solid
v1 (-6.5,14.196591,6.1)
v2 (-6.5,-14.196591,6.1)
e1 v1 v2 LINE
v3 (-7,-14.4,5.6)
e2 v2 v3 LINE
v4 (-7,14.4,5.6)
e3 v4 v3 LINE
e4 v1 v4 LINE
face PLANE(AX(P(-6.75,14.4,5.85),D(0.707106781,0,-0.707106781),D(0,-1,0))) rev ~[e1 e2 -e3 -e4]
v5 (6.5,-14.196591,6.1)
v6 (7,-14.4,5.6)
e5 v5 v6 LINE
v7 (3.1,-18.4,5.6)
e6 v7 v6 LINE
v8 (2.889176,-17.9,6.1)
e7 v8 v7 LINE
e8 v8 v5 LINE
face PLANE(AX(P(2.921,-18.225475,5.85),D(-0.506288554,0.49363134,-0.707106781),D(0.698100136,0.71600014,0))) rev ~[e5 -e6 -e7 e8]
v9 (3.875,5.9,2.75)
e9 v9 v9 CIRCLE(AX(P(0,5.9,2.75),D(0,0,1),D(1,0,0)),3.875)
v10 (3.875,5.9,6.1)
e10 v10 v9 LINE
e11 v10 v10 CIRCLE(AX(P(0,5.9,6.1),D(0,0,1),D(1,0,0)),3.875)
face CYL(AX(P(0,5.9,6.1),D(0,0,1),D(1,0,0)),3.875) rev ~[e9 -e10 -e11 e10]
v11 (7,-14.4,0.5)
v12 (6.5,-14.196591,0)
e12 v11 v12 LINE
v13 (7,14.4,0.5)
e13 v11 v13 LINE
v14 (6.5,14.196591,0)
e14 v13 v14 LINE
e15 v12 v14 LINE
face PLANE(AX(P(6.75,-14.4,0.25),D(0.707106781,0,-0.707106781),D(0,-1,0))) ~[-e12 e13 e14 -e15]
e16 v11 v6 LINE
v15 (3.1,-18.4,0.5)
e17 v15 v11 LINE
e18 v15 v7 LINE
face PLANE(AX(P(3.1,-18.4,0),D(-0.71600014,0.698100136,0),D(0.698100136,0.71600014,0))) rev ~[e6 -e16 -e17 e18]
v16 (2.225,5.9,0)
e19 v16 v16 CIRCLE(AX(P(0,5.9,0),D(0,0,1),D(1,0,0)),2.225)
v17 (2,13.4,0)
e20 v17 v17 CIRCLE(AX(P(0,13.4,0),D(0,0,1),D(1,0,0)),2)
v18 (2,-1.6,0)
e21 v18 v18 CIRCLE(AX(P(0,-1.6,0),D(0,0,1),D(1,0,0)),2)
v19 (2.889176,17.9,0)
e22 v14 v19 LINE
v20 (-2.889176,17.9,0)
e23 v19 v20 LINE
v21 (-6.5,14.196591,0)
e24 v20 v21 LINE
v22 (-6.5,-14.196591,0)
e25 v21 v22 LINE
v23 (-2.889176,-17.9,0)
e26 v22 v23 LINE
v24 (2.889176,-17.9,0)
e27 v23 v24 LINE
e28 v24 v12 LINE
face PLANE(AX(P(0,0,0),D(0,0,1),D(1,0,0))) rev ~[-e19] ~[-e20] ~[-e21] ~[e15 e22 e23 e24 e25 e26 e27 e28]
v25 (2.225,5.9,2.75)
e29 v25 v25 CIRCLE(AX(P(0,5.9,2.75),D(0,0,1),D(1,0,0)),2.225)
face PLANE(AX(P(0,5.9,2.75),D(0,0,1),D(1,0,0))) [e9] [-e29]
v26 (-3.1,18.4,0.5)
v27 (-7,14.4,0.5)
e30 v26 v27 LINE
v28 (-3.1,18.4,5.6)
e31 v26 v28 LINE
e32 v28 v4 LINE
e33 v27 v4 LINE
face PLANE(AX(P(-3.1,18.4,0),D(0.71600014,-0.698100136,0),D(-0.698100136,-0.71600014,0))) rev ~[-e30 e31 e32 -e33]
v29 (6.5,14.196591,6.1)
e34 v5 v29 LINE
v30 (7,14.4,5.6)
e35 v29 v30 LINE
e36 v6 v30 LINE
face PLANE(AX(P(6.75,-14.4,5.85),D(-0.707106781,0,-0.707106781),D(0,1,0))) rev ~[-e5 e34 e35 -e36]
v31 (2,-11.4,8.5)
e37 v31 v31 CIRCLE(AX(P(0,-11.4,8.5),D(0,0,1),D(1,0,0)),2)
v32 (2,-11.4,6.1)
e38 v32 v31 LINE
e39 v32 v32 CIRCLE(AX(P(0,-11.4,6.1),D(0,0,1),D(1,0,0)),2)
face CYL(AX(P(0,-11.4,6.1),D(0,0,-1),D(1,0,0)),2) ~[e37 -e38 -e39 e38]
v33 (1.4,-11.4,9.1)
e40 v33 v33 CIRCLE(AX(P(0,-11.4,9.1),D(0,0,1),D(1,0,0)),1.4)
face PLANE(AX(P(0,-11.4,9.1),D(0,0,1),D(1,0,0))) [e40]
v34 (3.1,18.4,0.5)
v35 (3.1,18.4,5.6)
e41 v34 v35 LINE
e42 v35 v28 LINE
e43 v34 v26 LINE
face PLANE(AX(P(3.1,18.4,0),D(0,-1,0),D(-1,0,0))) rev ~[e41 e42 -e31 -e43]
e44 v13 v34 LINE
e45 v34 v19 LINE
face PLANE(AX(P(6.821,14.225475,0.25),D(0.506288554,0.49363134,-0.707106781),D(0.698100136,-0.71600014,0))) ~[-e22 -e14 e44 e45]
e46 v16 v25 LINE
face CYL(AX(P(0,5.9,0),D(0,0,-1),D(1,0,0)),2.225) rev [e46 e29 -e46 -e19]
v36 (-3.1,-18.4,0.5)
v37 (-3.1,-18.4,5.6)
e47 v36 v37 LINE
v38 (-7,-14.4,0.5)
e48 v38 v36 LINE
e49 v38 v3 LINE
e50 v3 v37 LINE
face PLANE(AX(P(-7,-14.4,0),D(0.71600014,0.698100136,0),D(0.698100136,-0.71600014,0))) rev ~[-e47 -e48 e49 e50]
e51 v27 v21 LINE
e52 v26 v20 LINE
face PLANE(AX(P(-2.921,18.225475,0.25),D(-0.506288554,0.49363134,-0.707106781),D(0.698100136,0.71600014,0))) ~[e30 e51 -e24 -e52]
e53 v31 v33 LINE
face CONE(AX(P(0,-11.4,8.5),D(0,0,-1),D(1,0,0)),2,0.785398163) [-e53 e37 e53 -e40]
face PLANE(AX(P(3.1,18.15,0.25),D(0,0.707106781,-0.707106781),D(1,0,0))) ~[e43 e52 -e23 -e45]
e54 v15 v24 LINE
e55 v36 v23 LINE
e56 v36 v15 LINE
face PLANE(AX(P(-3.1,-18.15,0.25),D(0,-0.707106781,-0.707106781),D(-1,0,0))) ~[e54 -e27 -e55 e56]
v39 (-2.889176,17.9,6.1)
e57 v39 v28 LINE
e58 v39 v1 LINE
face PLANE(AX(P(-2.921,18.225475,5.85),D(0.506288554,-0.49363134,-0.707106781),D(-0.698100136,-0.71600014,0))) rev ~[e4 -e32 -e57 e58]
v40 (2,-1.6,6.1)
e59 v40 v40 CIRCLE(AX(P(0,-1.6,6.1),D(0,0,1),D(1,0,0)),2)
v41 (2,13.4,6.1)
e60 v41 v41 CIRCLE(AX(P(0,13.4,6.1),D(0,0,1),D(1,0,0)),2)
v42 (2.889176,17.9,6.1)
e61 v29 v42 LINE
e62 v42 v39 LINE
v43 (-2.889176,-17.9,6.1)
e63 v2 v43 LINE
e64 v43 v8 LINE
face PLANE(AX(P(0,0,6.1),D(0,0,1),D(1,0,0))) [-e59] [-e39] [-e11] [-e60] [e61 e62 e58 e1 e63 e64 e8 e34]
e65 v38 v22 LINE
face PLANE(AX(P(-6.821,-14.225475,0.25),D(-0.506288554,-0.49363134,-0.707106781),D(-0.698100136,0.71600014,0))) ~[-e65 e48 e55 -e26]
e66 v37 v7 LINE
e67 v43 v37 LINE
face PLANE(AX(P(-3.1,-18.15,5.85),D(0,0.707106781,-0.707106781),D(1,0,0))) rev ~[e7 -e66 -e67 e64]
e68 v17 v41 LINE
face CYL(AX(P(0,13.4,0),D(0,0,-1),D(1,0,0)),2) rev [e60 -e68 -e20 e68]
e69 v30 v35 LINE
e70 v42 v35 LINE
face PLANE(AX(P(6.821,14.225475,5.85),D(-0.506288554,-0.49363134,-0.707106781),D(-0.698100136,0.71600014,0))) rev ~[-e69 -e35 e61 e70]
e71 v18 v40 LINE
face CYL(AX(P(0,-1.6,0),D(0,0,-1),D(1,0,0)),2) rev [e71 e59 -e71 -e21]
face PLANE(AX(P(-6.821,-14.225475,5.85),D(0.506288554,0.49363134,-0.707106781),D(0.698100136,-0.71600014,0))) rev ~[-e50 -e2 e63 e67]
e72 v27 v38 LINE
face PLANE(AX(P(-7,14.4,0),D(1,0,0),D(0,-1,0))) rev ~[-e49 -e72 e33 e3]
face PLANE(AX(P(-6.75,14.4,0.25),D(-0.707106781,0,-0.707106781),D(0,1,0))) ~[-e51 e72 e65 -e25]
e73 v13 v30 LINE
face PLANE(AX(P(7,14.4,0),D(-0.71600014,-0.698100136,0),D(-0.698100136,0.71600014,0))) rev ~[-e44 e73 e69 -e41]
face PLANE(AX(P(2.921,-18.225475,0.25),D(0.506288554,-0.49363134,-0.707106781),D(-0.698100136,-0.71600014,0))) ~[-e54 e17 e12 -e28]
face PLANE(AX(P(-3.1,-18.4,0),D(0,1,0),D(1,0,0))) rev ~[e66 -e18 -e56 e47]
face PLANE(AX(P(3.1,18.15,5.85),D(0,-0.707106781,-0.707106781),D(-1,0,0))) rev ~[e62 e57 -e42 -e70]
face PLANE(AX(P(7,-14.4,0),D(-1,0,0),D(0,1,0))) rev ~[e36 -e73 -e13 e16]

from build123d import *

# Parameters (mm, degrees)
F0_R     = 2
F0_R_2   = 2.225
F1_DEPTH = 6.1
F2_R     = 3.875
F2_R_2   = 2.225
F3_DEPTH = 3.35
F4_R     = 2
F5_DEPTH = 3
F6_SIZE  = 0.6
F7_SIZE  = 0.5


with BuildPart() as f1:
    # F0 (on Top) → F1 (new body)
    with BuildSketch(Plane.XY):
        Polygon((-7, 14.4), (-7, 0), (-7, -14.4), (-3.1, -18.4), (0, -18.4), (3.1, -18.4), (7, -14.4), (7, 0), (7, 14.4), (3.1, 18.4), (0, 18.4), (-3.1, 18.4), align=None)
        with Locations((0, -1.6)):
            Circle(F0_R, mode=Mode.SUBTRACT)
        with Locations((0, 5.9)):
            Circle(F0_R_2, mode=Mode.SUBTRACT)
        with Locations((0, 13.4)):
            Circle(F0_R, mode=Mode.SUBTRACT)
    extrude(amount=F1_DEPTH)

    # F2 (on face) → F3 (cut)
    with BuildSketch(Plane.XY.offset(6.1)):
        with Locations((0, 5.9)):
            Circle(F2_R)
        with Locations((0, 5.9)):
            Circle(F2_R_2, mode=Mode.SUBTRACT)
    extrude(amount=-F3_DEPTH, mode=Mode.SUBTRACT)

    # F4 (on face) → F5 (join)
    with BuildSketch(Plane.XY.offset(6.1)):
        with Locations((0, -11.4)):
            Circle(F4_R)
    extrude(amount=F5_DEPTH)

    # F6
    f6_edges = [f1.edges().sort_by_distance(p)[0] for p in [
        (-2, -11.4, 9.1),
    ]]
    chamfer(f6_edges, length=F6_SIZE)

    # F7
    f7_edges = [f1.edges().sort_by_distance(p)[0] for p in [
        (-7, 0, 0),
        (-5.05, -16.4, 0),
        (0, -18.4, 0),
        (5.05, -16.4, 0),
        (7, 0, 0),
        (5.05, 16.4, 0),
        (0, 18.4, 0),
        (-5.05, 16.4, 0),
        (5.05, -16.4, 6.1),
        (0, -18.4, 6.1),
        (-5.05, -16.4, 6.1),
        (-7, 0, 6.1),
        (-5.05, 16.4, 6.1),
        (0, 18.4, 6.1),
        (5.05, 16.4, 6.1),
        (7, 0, 6.1),
    ]]
    chamfer(f7_edges, length=F7_SIZE)


solid = f1.part
